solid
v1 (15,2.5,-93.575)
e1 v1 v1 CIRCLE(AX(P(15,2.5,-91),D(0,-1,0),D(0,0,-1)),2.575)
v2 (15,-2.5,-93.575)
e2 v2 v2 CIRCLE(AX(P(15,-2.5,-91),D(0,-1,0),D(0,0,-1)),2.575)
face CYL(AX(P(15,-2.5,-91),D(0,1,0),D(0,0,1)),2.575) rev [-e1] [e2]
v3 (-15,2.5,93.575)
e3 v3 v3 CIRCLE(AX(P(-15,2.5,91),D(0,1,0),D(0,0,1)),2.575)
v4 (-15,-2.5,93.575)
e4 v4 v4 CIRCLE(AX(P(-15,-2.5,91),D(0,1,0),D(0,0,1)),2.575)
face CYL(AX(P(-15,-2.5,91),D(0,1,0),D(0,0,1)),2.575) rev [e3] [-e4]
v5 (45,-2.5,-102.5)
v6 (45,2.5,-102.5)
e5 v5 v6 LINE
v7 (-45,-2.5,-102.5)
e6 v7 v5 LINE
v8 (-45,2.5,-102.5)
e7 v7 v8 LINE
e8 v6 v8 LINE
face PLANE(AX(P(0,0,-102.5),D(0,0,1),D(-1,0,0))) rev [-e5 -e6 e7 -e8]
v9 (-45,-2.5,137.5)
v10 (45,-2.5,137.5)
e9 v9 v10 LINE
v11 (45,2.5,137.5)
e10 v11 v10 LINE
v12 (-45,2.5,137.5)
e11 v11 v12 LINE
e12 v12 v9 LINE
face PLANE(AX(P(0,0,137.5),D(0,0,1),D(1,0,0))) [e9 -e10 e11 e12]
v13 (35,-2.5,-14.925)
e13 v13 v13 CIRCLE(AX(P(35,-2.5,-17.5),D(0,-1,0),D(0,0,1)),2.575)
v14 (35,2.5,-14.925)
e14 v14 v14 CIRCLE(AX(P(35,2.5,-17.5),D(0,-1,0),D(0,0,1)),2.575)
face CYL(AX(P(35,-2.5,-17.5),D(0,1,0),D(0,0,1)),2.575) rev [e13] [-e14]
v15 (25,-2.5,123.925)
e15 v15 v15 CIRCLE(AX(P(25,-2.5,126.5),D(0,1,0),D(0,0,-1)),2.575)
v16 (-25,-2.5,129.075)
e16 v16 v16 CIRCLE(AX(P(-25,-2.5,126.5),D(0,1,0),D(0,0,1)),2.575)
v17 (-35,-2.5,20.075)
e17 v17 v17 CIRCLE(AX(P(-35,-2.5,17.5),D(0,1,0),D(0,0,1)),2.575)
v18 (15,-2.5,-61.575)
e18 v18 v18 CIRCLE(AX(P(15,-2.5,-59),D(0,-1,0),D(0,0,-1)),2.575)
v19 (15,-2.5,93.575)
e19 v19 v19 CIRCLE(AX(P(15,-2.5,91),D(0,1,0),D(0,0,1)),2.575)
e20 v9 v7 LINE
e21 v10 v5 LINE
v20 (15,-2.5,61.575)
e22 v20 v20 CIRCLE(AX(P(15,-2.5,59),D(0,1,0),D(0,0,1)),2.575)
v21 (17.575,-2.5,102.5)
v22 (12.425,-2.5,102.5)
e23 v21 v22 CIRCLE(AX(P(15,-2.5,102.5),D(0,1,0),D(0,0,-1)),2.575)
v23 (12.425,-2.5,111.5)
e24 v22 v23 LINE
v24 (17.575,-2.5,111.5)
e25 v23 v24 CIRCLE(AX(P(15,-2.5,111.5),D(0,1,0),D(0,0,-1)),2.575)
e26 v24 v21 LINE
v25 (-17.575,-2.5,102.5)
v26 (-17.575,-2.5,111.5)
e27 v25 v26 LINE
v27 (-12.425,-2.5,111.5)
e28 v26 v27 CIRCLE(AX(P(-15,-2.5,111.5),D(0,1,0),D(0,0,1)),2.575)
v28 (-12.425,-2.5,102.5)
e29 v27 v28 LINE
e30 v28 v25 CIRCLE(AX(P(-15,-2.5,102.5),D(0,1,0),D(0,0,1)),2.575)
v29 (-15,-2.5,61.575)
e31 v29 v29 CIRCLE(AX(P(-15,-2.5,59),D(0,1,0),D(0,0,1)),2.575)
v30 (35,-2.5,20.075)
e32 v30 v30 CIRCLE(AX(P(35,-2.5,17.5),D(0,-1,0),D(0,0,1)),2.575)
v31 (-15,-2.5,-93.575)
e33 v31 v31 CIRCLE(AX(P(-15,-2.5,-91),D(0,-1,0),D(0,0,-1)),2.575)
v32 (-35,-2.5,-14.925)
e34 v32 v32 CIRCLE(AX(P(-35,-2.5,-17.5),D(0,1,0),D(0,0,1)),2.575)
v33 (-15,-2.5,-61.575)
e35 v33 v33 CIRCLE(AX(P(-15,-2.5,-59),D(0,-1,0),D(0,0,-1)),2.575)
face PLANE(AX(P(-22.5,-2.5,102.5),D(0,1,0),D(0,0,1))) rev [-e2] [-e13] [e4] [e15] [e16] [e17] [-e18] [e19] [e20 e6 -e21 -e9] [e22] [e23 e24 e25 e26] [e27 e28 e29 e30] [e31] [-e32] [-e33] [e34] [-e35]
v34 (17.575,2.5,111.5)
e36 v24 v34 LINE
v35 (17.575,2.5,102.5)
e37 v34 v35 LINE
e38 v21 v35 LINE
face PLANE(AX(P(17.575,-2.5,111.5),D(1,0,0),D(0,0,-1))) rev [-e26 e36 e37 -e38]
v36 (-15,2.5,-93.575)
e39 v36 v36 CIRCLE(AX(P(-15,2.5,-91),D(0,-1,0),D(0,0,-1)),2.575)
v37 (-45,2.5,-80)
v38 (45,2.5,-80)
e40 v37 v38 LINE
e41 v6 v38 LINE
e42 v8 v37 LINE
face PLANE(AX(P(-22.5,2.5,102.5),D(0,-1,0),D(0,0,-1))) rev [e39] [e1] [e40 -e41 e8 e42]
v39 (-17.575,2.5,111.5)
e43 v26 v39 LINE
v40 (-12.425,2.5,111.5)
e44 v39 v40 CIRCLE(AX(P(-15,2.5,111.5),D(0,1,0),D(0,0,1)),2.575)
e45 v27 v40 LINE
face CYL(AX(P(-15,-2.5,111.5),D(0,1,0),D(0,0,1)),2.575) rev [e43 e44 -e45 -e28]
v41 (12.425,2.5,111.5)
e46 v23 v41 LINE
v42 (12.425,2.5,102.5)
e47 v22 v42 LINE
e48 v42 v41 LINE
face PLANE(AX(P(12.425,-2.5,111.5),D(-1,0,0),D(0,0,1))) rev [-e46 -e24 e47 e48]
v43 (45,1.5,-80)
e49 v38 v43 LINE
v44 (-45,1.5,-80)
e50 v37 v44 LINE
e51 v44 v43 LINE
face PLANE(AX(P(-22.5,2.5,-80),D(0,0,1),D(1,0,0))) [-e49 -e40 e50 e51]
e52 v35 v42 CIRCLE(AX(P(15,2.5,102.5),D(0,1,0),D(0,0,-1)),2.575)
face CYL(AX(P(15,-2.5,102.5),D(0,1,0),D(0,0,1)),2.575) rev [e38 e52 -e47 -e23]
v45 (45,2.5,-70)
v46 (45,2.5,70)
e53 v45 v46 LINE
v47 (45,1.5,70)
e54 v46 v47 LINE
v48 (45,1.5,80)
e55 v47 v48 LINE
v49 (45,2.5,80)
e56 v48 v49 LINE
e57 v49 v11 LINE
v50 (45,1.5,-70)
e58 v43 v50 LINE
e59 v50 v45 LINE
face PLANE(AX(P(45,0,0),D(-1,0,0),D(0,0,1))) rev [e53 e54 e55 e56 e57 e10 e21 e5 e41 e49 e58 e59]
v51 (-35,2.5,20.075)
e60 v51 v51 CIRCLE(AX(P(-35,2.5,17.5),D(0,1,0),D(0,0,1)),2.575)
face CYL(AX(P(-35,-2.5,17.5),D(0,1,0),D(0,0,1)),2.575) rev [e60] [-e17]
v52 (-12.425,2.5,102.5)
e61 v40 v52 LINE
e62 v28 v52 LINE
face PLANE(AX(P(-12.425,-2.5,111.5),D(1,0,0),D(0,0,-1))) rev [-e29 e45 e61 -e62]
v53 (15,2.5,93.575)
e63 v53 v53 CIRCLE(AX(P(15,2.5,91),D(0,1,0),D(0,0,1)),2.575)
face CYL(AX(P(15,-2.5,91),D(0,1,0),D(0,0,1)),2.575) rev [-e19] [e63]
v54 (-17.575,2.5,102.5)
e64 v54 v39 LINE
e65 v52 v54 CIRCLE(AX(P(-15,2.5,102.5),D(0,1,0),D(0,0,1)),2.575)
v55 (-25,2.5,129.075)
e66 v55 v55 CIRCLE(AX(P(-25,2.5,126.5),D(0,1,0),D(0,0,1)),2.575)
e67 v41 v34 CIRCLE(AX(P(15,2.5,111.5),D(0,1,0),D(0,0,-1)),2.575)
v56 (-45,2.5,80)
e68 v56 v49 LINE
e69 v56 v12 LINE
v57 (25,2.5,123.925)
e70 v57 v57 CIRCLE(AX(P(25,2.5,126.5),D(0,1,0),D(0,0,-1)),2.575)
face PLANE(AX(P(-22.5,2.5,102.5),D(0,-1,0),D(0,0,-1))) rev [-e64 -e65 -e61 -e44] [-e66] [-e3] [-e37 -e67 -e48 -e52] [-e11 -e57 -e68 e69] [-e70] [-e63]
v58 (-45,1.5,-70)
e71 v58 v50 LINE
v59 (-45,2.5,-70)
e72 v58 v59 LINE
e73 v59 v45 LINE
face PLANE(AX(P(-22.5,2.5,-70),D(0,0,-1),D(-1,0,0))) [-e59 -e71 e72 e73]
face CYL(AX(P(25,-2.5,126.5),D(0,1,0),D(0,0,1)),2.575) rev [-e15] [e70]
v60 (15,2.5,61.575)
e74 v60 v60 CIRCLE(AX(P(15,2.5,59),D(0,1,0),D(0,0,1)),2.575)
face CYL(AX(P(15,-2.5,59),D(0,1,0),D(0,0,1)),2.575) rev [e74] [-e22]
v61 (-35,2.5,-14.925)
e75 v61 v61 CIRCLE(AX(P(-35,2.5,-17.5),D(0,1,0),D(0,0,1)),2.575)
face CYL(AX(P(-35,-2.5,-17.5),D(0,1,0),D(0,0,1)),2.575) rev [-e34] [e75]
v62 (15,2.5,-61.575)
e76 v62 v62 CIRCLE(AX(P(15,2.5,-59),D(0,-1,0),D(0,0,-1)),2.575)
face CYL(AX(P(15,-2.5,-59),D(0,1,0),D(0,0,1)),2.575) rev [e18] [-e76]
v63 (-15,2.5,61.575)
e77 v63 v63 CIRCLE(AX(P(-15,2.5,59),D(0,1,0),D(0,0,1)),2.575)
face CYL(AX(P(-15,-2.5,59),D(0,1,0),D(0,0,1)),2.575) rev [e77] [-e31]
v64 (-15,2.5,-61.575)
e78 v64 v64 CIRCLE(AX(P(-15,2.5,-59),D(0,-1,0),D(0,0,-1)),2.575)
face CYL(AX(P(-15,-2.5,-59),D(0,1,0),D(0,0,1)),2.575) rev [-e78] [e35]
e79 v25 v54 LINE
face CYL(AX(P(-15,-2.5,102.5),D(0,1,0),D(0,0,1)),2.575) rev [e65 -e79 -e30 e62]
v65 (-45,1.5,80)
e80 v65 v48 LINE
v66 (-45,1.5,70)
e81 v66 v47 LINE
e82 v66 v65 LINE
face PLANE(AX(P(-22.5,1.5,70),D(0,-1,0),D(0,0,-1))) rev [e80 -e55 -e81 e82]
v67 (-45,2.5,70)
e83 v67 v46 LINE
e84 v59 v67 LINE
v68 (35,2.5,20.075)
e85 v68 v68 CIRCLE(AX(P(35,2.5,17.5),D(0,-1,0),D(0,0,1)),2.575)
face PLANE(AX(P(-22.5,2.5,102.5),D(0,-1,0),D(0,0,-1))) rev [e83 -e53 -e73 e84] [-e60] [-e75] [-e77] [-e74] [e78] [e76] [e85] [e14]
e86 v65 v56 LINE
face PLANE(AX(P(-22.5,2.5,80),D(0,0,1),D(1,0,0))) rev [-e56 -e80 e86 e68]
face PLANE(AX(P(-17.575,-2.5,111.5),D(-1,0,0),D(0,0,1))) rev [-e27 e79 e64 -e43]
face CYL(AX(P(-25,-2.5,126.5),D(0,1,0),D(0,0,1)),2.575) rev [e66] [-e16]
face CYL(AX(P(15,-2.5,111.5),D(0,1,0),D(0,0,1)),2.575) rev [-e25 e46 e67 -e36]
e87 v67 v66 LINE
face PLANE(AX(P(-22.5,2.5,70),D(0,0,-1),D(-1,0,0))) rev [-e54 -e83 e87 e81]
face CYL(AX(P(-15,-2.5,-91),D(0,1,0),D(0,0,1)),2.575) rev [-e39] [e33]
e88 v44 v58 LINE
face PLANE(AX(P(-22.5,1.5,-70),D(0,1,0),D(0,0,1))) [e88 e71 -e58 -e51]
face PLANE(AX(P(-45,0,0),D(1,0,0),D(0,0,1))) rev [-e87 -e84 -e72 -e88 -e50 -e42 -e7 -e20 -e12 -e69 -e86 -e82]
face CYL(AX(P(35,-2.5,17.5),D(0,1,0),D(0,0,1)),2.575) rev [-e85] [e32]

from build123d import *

# Parameters (mm, degrees)
SKETCH1_W           = 45
SKETCH1_H           = 5
BOSS_EXTRUDE1_DEPTH = 102.5
SKETCH2_R           = 2.575
CUT_EXTRUDE1_DEPTH  = 106.059506947
SKETCH3_W           = 10
SKETCH3_H           = 1
CUT_EXTRUDE2_DEPTH  = 112.970978383
SKETCH4_W           = 45
SKETCH4_H           = 5
BOSS_EXTRUDE2_DEPTH = 35
BOSS_EXTRUDE3_DEPTH = 22.5
SKETCH6_R           = 2.575
CUT_EXTRUDE3_DEPTH  = 145.762736918
SKETCH7_R           = 2.575
CUT_EXTRUDE4_DEPTH  = 145.762736918
CUT_EXTRUDE5_DEPTH  = 145.762736918


with BuildPart() as part:
    # Sketch1 → Boss-Extrude1 (new body)
    with BuildSketch(Plane.XY):
        Rectangle(SKETCH1_W, SKETCH1_H)
    boss_extrude1 = extrude(amount=BOSS_EXTRUDE1_DEPTH)

    # Sketch2 → Cut-Extrude1 (cut, through all)
    with BuildSketch(Plane(origin=(0, 2.5, 0), x_dir=(1, 0, 0), z_dir=(0, 1, 0))):
        with Locations(Location((-15, -59, 0), (0, 0, 270))):
            Circle(SKETCH2_R)
        with Locations(Location((15, -59, 0), (0, 0, 270))):
            Circle(SKETCH2_R)
        with Locations(Location((-15, -91, 0), (0, 0, 270))):
            Circle(SKETCH2_R)
        with Locations(Location((15, -91, 0), (0, 0, 270))):
            Circle(SKETCH2_R)
    cut_extrude1 = extrude(amount=-CUT_EXTRUDE1_DEPTH, mode=Mode.SUBTRACT)

    # Sketch3 → Cut-Extrude2 (cut, through all)
    with BuildSketch(Plane(origin=(22.5, 0, 0), x_dir=(0, 0, -1), z_dir=(1, 0, 0))):
        with Locations((-75, 2)):
            Rectangle(SKETCH3_W, SKETCH3_H)
    cut_extrude2 = extrude(amount=-CUT_EXTRUDE2_DEPTH, mode=Mode.SUBTRACT)

    # Mirror1: Boss-Extrude1, Cut-Extrude1, Cut-Extrude2 across plane
    add(boss_extrude1.mirror(Plane.XY))
    add(cut_extrude1.mirror(Plane.XY), mode=Mode.SUBTRACT)
    add(cut_extrude2.mirror(Plane.XY), mode=Mode.SUBTRACT)

    # Sketch4 → Boss-Extrude2 (add)
    with BuildSketch(Plane.XY.offset(102.5)):
        Rectangle(SKETCH4_W, SKETCH4_H)
    extrude(amount=BOSS_EXTRUDE2_DEPTH)

    # Sketch5 → Boss-Extrude3 (add)
    with BuildSketch(Plane(origin=(22.5, 0, 0), x_dir=(0, 0, -1), z_dir=(1, 0, 0))):
        Polygon((70, 1.5), (70, 2.5), (-70, 2.5), (-70, 1.5), (-80, 1.5), (-80, 2.5), (-137.5, 2.5), (-137.5, -2.5), (102.5, -2.5), (102.5, 2.5), (80, 2.5), (80, 1.5), align=None)
    boss_extrude3 = extrude(amount=BOSS_EXTRUDE3_DEPTH)

    # Mirror2: Boss-Extrude3 across plane
    add(boss_extrude3.mirror(Plane(origin=(0, 0, 0), x_dir=(0, 0, 1), z_dir=(1, 0, 0))))

    # Sketch6 → Cut-Extrude3 (cut, through all)
    with BuildSketch(Plane(origin=(0, 2.5, 0), x_dir=(1, 0, 0), z_dir=(0, 1, 0))):
        with Locations(Location((-35, -17.5, 0), (0, 0, 270))):
            Circle(SKETCH6_R)
        with Locations(Location((-35, 17.5, 0), (0, 0, 270))):
            Circle(SKETCH6_R)
    cut_extrude3 = extrude(amount=-CUT_EXTRUDE3_DEPTH, mode=Mode.SUBTRACT)

    # Mirror3: Cut-Extrude3 across plane
    add(cut_extrude3.mirror(Plane(origin=(0, 0, 0), x_dir=(0, 0, 1), z_dir=(1, 0, 0))), mode=Mode.SUBTRACT)

    # Sketch7 → Cut-Extrude4 (cut, through all)
    with BuildSketch(Plane(origin=(0, 2.5, 0), x_dir=(1, 0, 0), z_dir=(0, 1, 0))):
        with Locations(Location((-25, -126.5, 0), (0, 0, 270))):
            Circle(SKETCH7_R)
        with Locations(Location((25, -126.5, 0), (0, 0, 90))):
            Circle(SKETCH7_R)
    extrude(amount=-CUT_EXTRUDE4_DEPTH, mode=Mode.SUBTRACT)

    # Sketch8 → Cut-Extrude5 (cut, through all)
    with BuildSketch(Plane(origin=(0, 2.5, 0), x_dir=(1, 0, 0), z_dir=(0, 1, 0))):
        with BuildLine():
            Line((-17.575, -111.5), (-17.575, -102.5))
            ThreePointArc((-17.575, -102.5), (-15, -99.925), (-12.425, -102.5))
            Line((-12.425, -102.5), (-12.425, -111.5))
            ThreePointArc((-12.425, -111.5), (-15, -114.075), (-17.575, -111.5))
        make_face()
        with BuildLine():
            Line((17.575, -111.5), (17.575, -102.5))
            ThreePointArc((17.575, -102.5), (15, -99.925), (12.425, -102.5))
            Line((12.425, -102.5), (12.425, -111.5))
            ThreePointArc((12.425, -111.5), (15, -114.075), (17.575, -111.5))
        make_face()
    extrude(amount=-CUT_EXTRUDE5_DEPTH, mode=Mode.SUBTRACT)


solid = part.part
